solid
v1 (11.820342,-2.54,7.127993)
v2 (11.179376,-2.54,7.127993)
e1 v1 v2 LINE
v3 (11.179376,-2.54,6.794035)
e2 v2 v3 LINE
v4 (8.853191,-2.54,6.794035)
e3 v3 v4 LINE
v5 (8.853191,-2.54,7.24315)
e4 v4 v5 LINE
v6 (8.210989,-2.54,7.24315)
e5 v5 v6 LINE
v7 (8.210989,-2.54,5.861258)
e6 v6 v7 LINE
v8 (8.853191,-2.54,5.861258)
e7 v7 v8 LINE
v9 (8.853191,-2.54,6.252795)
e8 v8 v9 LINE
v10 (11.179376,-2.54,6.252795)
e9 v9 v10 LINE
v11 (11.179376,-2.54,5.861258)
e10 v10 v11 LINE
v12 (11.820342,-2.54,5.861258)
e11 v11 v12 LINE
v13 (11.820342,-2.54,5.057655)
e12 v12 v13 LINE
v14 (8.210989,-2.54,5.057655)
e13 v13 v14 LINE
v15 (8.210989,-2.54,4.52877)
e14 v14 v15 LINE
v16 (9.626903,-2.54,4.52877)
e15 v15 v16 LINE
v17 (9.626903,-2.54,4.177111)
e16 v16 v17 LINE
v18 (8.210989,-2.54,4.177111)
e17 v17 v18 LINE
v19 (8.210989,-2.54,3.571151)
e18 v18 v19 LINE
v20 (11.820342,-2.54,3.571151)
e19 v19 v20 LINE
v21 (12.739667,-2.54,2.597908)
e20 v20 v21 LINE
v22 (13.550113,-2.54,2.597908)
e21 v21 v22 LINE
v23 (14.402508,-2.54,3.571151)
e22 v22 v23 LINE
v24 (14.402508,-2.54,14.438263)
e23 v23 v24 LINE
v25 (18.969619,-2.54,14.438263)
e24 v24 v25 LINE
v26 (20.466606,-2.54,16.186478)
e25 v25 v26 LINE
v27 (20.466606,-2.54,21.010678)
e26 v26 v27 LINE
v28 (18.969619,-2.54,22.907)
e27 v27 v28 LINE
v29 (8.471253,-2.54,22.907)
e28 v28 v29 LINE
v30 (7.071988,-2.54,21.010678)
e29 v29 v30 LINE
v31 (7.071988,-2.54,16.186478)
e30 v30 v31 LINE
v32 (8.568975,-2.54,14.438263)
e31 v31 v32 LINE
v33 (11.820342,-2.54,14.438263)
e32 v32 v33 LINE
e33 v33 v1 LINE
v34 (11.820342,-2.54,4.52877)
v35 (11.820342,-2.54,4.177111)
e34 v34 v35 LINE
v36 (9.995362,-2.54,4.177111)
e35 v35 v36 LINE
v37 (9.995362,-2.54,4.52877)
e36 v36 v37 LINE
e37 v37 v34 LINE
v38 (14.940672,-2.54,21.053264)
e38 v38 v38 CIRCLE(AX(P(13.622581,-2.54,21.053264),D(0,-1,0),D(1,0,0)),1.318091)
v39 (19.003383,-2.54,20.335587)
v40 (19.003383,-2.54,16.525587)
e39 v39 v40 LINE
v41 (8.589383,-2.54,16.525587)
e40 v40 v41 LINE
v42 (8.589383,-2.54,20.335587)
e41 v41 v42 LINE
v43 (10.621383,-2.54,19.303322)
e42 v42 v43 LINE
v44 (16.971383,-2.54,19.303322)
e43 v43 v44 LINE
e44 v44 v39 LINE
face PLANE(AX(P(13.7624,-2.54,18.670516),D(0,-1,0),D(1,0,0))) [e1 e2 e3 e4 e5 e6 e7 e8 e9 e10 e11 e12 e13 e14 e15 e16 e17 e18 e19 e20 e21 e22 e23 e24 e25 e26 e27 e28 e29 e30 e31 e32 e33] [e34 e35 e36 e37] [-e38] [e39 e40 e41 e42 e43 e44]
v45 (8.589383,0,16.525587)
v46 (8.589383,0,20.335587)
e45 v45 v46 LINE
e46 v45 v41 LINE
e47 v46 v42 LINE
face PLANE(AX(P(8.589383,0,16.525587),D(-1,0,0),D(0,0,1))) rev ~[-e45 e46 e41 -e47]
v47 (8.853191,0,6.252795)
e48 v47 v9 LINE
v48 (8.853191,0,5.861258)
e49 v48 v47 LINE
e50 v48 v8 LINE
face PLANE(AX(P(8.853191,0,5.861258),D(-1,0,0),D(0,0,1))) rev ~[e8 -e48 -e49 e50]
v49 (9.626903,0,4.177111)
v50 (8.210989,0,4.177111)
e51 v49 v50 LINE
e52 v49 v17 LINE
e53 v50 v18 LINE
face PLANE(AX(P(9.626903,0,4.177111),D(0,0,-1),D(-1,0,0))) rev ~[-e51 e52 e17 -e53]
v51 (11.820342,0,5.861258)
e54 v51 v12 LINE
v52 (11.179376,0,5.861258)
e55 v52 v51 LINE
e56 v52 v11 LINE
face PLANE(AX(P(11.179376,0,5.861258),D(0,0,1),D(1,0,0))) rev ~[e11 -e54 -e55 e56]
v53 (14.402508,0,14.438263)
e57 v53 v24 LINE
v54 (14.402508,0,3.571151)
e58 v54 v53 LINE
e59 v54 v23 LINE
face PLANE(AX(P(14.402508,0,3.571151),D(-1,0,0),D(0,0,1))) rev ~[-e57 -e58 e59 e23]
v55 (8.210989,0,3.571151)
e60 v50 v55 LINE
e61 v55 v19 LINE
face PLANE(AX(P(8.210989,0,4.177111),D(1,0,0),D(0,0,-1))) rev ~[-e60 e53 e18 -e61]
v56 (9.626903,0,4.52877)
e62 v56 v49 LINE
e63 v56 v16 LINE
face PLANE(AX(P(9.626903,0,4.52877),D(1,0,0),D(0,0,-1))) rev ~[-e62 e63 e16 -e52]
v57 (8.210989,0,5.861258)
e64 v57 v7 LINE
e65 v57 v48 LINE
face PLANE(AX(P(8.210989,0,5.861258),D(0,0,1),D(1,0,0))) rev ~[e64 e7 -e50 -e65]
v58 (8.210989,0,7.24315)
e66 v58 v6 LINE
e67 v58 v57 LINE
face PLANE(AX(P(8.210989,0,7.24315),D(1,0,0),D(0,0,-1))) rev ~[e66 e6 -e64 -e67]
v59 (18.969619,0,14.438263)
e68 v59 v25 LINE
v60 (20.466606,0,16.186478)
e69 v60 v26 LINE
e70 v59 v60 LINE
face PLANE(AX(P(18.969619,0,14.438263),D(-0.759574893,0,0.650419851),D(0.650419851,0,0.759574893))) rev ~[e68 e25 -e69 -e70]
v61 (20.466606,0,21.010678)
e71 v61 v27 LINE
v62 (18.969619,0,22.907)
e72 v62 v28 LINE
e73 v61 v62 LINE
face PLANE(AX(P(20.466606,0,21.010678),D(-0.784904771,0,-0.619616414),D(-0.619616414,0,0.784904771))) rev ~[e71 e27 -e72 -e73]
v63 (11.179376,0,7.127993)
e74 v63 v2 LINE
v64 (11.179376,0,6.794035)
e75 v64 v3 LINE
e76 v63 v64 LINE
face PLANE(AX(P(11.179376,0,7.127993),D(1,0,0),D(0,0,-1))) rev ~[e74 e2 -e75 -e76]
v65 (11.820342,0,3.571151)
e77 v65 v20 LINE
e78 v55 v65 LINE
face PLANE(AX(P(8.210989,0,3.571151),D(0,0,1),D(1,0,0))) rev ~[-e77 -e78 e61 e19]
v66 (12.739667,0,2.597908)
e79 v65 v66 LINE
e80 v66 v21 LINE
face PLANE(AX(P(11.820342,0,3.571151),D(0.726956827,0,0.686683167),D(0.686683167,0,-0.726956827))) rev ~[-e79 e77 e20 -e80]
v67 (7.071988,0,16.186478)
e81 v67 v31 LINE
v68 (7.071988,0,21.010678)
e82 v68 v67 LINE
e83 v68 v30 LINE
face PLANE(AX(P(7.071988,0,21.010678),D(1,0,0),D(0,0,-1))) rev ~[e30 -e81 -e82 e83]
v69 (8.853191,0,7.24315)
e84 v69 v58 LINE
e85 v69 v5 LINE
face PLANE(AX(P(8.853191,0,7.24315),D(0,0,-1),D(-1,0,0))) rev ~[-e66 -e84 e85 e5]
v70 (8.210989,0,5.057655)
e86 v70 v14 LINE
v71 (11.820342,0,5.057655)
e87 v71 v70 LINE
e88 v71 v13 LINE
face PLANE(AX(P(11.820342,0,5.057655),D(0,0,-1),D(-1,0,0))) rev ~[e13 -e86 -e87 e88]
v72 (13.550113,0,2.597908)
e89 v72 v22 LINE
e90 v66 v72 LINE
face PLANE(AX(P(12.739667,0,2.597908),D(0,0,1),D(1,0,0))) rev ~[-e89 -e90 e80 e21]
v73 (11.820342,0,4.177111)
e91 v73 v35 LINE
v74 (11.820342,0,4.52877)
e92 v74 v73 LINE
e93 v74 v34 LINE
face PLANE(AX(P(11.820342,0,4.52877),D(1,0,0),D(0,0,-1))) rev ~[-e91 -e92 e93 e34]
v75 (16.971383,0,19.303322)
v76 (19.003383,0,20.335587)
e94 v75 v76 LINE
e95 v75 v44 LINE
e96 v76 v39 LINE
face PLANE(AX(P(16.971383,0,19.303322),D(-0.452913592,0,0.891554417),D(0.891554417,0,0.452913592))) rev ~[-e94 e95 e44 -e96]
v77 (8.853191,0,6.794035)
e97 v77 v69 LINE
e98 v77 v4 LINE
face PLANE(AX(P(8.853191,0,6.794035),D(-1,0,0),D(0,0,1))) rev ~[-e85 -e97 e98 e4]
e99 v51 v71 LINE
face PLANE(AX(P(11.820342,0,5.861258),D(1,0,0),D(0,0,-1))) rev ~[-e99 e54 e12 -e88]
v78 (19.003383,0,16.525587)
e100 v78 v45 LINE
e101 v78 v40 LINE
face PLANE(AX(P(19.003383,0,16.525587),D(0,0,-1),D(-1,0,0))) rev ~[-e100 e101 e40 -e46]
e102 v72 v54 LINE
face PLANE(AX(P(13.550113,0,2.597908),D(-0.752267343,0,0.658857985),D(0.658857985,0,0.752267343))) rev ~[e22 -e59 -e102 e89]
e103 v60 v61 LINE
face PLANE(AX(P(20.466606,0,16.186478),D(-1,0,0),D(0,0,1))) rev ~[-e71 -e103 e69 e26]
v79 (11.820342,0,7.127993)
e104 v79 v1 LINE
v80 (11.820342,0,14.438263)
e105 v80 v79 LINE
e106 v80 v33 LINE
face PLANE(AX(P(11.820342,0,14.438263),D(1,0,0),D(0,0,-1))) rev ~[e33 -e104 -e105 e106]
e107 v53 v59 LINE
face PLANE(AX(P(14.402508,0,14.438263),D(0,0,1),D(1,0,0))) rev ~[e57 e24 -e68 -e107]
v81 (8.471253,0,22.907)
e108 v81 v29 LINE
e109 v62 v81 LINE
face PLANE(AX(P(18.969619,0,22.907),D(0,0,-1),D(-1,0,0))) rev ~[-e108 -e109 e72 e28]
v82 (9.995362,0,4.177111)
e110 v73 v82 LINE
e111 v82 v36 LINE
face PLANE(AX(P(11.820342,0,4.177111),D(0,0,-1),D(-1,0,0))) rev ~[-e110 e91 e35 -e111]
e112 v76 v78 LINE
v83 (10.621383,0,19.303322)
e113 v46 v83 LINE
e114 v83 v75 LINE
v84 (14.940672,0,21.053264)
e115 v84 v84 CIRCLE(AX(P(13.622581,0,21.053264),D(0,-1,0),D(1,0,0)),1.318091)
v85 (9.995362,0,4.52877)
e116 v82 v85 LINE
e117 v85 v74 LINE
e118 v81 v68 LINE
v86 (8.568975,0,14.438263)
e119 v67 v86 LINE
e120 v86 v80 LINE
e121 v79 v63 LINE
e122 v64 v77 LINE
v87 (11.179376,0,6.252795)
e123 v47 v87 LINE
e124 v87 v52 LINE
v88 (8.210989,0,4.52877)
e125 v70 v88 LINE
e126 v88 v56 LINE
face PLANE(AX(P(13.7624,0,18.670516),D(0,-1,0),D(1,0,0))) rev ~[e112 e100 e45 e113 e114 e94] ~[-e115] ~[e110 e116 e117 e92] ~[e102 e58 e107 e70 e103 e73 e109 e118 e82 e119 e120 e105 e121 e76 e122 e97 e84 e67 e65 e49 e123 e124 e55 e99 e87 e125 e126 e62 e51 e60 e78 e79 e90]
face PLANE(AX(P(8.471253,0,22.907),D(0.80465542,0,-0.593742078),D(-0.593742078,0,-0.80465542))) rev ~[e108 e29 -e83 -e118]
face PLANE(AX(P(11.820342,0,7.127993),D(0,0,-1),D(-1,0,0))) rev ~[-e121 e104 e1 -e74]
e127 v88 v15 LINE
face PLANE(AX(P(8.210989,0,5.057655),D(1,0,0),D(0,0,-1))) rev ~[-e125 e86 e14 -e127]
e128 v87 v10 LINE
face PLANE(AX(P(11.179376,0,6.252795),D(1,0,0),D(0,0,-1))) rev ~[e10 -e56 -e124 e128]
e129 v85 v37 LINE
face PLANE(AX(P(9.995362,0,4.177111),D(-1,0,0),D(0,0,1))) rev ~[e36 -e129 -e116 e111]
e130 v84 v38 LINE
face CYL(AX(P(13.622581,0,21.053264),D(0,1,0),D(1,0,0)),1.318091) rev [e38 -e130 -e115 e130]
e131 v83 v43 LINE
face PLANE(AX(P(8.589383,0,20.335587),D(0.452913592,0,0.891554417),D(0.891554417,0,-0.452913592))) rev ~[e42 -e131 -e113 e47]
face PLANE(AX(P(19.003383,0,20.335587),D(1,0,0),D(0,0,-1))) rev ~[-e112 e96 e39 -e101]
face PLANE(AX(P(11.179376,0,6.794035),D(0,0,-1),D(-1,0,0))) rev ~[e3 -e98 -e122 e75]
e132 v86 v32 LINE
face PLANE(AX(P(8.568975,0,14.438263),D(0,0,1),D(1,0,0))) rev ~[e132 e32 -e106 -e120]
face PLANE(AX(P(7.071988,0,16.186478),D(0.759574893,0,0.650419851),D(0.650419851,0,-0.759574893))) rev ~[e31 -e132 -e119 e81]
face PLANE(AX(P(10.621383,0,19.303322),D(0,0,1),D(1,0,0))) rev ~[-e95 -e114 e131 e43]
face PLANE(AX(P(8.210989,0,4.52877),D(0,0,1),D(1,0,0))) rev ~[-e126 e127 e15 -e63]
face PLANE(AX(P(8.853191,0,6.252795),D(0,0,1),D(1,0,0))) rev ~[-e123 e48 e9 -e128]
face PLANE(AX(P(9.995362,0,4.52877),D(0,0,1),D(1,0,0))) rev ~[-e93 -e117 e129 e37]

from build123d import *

# Parameters (mm, degrees)
F0_R     = 1.318091
F1_DEPTH = 2.54


with BuildPart() as f1:
    # F0 (on Front) → F1 (new body)
    with BuildSketch(Plane.XZ):
        Polygon((18.969619, 22.907), (8.471253, 22.907), (7.071988, 21.010678), (7.071988, 16.186478), (8.568975, 14.438263), (11.820342, 14.438263), (14.402508, 14.438263), (18.969619, 14.438263), (20.466606, 16.186478), (20.466606, 21.010678), align=None)
        with Locations((13.622581, 21.053264)):
            Circle(F0_R, mode=Mode.SUBTRACT)
        Polygon((8.589383, 16.525587), (8.589383, 20.335587), (10.621383, 19.303322), (16.971383, 19.303322), (19.003383, 20.335587), (19.003383, 16.525587), align=None, mode=Mode.SUBTRACT)
        Polygon((11.820342, 5.861258), (11.820342, 7.127993), (11.179376, 7.127993), (11.179376, 6.794035), (8.853191, 6.794035), (8.853191, 7.24315), (8.210989, 7.24315), (8.210989, 5.861258), (8.853191, 5.861258), (8.853191, 6.252795), (11.179376, 6.252795), (11.179376, 5.861258), align=None)
        Polygon((11.820342, 4.52877), (11.820342, 5.057655), (8.210989, 5.057655), (8.210989, 4.52877), (9.626903, 4.52877), (9.626903, 4.177111), (8.210989, 4.177111), (8.210989, 3.571151), (11.820342, 3.571151), (11.820342, 4.177111), (9.995362, 4.177111), (9.995362, 4.52877), align=None)
        Polygon((14.402508, 14.438263), (11.820342, 14.438263), (11.820342, 7.127993), (11.820342, 5.861258), (11.820342, 5.057655), (11.820342, 4.52877), (11.820342, 4.177111), (11.820342, 3.571151), (12.739667, 2.597908), (13.550113, 2.597908), (14.402508, 3.571151), align=None)
    extrude(amount=F1_DEPTH)


solid = f1.part
